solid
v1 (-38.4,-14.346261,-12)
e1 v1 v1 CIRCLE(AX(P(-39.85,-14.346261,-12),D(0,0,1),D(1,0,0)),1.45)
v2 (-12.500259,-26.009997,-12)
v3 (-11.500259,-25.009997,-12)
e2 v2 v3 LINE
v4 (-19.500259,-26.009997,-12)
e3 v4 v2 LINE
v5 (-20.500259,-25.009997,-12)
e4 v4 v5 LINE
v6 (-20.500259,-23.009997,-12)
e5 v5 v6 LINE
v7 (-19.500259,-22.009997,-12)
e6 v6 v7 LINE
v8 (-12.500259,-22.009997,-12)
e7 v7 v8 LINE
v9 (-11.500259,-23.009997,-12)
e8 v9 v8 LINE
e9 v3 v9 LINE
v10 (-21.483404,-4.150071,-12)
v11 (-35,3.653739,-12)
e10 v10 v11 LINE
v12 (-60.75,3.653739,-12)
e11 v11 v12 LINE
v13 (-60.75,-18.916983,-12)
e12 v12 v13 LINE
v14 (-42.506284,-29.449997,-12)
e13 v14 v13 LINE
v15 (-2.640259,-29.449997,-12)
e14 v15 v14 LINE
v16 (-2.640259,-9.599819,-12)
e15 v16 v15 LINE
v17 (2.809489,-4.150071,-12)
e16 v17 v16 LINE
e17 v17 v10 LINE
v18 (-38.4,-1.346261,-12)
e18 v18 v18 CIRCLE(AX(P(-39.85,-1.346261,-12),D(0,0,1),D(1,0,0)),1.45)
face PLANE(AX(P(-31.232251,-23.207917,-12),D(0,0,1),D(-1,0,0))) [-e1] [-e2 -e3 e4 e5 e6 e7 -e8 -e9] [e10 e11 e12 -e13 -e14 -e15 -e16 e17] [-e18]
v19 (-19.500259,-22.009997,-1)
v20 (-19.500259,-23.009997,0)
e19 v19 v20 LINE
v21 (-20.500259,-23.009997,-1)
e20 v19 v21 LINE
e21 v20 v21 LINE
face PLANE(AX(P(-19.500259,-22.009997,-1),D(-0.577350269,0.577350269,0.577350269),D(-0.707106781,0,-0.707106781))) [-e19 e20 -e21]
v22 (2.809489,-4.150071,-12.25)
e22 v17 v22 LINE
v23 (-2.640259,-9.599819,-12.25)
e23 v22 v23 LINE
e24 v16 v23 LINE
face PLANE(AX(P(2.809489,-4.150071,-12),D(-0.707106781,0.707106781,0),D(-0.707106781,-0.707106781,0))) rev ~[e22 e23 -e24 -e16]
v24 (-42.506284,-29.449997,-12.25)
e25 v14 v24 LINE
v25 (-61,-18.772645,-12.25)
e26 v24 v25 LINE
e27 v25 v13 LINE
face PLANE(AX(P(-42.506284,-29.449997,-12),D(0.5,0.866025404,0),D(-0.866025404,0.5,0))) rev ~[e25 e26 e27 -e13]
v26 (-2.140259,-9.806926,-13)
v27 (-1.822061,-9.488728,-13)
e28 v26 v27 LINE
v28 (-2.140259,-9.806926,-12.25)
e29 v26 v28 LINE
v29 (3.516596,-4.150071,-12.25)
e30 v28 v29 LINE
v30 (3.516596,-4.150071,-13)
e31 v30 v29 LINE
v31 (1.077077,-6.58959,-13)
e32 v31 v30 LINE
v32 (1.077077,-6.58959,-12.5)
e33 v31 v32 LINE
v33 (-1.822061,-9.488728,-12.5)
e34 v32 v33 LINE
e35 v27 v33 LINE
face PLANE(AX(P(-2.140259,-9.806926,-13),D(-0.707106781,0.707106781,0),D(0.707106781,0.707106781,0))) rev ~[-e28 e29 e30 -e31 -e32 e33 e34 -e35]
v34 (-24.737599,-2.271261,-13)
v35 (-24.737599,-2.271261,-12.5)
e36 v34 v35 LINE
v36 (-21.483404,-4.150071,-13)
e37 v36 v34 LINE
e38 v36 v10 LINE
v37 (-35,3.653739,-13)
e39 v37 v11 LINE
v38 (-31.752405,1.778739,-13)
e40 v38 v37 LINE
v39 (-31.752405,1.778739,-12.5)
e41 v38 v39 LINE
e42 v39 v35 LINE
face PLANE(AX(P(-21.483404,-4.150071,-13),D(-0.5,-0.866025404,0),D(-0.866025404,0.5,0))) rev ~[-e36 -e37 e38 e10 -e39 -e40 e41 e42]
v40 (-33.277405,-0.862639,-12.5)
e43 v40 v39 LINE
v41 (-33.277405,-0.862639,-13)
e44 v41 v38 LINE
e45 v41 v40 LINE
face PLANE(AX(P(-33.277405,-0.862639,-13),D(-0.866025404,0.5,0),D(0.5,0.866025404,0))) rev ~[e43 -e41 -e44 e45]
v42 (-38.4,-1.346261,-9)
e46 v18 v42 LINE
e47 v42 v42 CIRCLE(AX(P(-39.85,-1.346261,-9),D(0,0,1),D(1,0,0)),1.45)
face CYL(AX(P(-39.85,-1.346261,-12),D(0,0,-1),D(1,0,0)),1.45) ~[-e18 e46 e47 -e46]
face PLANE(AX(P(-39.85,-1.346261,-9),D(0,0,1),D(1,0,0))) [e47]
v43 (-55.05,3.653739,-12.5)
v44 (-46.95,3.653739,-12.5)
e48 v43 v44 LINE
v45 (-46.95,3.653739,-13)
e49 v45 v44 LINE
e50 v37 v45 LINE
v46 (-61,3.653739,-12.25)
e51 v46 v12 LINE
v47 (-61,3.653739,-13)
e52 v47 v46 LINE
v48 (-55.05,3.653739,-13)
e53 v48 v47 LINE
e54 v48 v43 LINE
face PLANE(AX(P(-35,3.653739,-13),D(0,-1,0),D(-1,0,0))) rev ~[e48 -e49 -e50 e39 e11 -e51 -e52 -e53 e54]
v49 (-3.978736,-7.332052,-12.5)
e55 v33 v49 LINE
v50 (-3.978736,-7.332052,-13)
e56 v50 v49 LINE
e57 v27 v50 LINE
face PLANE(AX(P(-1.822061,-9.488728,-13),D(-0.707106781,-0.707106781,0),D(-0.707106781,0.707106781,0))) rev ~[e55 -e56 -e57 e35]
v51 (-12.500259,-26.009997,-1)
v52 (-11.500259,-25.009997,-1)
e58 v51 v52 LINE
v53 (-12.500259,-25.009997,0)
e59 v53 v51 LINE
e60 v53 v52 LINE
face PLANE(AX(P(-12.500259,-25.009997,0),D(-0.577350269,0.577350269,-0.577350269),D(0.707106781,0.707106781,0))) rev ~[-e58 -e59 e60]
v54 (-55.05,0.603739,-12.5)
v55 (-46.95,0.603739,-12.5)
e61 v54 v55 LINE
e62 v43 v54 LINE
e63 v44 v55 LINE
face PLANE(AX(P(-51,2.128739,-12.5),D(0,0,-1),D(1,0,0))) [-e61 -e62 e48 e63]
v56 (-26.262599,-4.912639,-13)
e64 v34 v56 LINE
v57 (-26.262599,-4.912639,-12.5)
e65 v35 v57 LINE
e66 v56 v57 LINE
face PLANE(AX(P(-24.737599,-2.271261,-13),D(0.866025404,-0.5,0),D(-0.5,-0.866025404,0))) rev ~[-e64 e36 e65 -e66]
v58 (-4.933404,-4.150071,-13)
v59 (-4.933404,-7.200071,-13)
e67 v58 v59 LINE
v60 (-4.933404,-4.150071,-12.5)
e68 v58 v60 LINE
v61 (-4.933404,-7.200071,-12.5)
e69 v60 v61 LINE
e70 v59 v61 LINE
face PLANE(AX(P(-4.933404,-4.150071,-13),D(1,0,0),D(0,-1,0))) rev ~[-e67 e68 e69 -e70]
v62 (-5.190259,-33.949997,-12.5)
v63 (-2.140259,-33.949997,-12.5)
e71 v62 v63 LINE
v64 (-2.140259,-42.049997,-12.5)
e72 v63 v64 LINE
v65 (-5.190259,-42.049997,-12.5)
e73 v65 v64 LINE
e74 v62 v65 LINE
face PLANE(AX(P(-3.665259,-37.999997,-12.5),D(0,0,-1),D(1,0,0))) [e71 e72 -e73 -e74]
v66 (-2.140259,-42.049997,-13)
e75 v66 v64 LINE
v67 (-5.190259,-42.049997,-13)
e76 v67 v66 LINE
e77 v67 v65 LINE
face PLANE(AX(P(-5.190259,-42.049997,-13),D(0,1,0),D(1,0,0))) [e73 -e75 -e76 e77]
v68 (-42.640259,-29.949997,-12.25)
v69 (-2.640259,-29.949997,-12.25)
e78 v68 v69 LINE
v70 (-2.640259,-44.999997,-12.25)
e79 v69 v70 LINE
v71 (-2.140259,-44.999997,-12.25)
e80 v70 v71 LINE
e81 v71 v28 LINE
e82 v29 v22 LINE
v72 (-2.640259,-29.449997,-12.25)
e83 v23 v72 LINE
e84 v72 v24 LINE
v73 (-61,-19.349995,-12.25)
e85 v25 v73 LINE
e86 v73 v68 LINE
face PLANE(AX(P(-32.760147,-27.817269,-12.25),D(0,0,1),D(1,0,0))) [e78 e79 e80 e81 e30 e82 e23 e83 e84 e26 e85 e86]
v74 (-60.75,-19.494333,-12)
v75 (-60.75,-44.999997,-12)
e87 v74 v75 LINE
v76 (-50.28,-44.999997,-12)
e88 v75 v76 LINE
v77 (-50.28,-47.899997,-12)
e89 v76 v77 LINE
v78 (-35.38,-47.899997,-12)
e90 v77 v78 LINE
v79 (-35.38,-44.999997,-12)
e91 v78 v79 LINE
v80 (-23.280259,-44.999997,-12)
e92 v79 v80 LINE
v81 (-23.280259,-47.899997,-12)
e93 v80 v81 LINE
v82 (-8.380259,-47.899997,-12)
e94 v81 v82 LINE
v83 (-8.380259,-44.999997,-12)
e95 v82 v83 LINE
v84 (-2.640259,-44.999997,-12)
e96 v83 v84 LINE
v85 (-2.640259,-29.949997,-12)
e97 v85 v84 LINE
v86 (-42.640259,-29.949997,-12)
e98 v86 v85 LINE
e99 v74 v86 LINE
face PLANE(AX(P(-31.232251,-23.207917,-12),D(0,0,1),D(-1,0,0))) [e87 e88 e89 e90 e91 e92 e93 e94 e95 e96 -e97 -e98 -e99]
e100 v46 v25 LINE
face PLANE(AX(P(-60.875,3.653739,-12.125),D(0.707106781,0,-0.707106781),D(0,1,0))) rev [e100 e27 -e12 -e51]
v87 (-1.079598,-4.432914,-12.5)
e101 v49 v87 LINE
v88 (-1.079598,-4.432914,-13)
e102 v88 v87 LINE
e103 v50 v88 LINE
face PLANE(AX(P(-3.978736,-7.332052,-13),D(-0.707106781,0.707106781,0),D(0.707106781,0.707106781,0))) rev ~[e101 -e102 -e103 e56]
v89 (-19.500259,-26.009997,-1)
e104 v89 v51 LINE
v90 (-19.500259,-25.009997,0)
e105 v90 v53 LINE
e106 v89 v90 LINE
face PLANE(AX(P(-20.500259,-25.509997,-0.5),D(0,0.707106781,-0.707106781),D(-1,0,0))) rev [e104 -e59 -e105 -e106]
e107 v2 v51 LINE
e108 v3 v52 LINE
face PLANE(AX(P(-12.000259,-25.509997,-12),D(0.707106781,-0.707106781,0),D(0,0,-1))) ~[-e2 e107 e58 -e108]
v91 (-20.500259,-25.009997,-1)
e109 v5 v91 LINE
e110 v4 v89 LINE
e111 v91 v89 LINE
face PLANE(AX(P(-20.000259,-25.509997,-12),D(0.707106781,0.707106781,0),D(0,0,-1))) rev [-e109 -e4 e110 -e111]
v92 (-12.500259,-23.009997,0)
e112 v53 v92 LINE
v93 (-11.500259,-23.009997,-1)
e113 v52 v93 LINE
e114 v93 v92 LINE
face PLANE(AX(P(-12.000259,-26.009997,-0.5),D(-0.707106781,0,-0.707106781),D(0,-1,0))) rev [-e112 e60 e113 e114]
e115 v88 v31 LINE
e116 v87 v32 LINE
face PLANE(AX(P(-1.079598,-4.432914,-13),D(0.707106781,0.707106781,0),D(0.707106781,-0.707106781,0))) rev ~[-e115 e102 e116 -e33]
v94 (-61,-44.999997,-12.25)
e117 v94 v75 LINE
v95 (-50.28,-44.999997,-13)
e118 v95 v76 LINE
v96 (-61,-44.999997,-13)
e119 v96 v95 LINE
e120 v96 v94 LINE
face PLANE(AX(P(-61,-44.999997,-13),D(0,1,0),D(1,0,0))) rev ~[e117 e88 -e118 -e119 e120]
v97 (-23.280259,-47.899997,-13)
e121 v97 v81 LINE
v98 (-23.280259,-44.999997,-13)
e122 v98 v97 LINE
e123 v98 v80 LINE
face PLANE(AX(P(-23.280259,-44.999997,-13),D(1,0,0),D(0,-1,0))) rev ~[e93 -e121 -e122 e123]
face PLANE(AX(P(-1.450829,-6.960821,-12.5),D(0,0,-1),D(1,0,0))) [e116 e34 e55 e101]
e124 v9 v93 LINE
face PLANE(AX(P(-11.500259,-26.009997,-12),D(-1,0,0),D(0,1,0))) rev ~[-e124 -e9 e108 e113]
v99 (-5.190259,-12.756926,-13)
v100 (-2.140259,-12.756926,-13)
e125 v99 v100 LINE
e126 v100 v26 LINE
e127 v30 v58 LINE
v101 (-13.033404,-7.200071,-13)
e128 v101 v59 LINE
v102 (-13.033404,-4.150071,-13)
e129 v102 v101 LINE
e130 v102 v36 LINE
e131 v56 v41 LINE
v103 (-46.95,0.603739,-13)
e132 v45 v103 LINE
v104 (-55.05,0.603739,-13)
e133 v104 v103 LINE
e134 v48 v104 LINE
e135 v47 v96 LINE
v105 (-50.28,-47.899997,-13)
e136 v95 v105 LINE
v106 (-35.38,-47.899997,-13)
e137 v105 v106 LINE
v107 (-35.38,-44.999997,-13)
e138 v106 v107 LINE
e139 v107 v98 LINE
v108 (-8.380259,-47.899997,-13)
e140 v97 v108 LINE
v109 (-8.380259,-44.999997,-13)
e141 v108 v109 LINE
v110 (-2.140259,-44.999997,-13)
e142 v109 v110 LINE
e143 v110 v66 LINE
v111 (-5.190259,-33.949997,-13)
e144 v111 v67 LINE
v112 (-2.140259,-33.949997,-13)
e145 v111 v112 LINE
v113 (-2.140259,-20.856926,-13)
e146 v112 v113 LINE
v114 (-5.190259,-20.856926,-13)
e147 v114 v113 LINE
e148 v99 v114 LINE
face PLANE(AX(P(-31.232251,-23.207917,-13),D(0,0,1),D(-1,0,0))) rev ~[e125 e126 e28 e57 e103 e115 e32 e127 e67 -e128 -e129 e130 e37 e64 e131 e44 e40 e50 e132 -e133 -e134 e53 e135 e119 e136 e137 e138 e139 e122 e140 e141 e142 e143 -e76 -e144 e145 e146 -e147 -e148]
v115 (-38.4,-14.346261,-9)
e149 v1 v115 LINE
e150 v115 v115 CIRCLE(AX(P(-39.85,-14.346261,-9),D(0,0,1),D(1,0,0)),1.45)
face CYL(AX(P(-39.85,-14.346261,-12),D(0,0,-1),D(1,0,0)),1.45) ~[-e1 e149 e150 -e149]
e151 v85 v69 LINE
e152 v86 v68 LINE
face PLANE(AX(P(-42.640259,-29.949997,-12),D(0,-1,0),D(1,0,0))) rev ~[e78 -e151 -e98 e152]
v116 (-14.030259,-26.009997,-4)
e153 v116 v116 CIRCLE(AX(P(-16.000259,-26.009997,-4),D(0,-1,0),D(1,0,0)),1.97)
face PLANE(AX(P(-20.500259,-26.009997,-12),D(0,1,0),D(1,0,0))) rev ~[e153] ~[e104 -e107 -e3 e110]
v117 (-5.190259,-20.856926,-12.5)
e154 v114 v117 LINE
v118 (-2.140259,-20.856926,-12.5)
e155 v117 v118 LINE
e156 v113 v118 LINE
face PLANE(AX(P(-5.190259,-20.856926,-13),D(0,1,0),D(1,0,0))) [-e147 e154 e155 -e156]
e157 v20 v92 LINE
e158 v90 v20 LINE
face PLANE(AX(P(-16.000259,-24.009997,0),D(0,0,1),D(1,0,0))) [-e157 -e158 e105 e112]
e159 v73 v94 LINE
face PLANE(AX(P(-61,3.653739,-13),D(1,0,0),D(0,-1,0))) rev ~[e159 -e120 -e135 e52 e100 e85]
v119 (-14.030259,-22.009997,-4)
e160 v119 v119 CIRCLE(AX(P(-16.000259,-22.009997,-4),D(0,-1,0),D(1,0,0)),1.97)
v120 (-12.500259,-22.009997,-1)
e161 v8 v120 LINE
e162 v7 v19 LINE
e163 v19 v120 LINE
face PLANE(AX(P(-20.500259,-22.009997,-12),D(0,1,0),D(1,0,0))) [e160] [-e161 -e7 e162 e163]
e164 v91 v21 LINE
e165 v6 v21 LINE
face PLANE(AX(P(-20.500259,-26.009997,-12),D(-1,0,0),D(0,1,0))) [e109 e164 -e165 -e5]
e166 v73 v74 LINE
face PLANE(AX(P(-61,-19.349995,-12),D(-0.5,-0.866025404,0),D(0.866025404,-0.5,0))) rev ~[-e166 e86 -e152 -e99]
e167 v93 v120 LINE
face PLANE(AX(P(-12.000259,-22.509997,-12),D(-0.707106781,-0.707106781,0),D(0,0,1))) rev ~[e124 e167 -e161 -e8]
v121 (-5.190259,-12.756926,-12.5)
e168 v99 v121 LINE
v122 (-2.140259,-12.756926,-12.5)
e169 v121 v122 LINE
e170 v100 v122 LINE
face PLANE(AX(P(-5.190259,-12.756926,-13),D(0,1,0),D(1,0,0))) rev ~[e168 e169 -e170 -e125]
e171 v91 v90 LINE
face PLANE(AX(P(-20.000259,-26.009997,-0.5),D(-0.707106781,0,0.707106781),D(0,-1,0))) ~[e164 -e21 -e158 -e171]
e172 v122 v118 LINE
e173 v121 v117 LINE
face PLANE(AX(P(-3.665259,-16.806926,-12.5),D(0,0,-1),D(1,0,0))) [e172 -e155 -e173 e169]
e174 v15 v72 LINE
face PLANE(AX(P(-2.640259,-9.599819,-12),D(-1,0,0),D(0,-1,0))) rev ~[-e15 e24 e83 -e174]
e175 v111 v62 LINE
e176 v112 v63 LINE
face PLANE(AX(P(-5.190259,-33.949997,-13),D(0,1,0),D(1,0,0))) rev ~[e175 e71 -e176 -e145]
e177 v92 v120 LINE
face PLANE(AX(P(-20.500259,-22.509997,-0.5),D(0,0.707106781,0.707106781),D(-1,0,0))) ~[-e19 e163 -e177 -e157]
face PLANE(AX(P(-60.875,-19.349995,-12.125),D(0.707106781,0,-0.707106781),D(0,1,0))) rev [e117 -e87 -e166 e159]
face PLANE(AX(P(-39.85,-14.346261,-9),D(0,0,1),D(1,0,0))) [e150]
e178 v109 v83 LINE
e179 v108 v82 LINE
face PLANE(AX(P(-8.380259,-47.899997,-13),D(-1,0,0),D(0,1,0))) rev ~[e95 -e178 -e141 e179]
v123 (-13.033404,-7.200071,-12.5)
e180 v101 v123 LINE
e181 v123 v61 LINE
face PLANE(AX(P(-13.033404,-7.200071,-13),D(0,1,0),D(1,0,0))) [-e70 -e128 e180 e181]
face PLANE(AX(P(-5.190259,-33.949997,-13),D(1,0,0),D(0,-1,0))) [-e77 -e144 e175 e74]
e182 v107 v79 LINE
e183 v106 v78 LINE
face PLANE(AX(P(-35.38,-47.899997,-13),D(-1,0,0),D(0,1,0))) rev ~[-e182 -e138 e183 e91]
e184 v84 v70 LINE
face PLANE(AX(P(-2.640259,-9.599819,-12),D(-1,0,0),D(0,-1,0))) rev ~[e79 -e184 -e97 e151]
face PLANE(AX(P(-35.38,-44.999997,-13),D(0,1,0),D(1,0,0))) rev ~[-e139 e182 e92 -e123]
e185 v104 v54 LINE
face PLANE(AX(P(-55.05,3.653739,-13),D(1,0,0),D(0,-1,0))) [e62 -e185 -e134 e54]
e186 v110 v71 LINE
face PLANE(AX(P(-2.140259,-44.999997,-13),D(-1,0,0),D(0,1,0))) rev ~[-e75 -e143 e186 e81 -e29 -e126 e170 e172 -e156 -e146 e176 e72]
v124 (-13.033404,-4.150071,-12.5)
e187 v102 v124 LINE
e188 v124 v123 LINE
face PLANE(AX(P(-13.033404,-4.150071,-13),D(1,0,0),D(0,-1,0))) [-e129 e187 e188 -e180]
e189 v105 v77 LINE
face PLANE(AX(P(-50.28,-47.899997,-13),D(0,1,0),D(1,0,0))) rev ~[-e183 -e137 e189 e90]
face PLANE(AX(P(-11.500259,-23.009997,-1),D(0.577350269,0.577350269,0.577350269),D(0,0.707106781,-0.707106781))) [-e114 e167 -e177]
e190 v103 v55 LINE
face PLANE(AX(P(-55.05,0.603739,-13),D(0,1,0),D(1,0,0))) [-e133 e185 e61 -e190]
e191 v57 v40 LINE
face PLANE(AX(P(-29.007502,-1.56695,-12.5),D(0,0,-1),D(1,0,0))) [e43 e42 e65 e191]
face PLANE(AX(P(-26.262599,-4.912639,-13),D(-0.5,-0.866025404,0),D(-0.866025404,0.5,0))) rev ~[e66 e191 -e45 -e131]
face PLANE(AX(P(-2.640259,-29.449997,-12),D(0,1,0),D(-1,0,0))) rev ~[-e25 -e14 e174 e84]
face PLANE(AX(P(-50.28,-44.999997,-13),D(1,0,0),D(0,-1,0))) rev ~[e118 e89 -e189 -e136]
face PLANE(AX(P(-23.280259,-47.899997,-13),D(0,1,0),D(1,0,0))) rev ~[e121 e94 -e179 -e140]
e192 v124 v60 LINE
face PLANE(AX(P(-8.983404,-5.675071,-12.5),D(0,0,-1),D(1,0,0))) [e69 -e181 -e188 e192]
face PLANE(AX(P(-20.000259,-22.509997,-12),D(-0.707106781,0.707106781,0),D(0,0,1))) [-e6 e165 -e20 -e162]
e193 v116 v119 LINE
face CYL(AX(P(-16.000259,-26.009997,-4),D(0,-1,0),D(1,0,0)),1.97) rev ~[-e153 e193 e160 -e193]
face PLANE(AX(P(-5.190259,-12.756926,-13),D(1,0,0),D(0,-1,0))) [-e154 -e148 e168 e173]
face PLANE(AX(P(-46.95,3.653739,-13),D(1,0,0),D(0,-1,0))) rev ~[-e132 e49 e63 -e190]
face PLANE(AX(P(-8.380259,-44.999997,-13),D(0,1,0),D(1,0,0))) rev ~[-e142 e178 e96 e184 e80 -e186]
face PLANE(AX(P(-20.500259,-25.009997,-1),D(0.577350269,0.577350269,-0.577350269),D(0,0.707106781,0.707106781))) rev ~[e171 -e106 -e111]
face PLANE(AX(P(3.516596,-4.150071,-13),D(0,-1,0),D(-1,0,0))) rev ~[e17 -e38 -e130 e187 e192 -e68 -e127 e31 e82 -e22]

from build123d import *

# Parameters (mm, degrees)
PAD037_DEPTH    = 1
SKETCH062_W     = 8.1
SKETCH062_H     = 3.05
SKETCH062_W_2   = 3.05
SKETCH062_H_2   = 8.1
POCKET025_DEPTH = 0.5
POCKET026_DEPTH = 0.25
POCKET027_DEPTH = 0.25
CHAMFER010_SIZE = 0.25
SKETCH065_W     = 9
SKETCH065_H     = 4
PAD038_DEPTH    = 12
SKETCH066_R     = 1.97
POCKET028_DEPTH = 29.6647358036
SKETCH067_R     = 1.45
PAD039_DEPTH    = 3
CHAMFER011_SIZE = 1


with BuildPart() as part:
    # Sketch061 (on Face2 of Binder016) → Pad037 (new body)
    with BuildSketch(Plane(origin=(0, 0, -13), x_dir=(1, 0, 0), z_dir=(0, 0, -1))):
        Polygon((-61, -3.6537388036), (-61, 44.999997), (-50.28, 44.999997), (-50.28, 47.899997), (-35.38, 47.899997), (-35.38, 44.999997), (-23.28025859, 44.999997), (-23.28025859, 47.899997), (-8.38025859, 47.899997), (-8.38025859, 44.999997), (-2.14025859, 44.999997), (-2.14025859, 9.80692559), (3.5165956595, 4.1500713405), (-21.4834043405, 4.1500713405), (-35, -3.6537388036), align=None)
    extrude(amount=-PAD037_DEPTH)

    # Sketch062 (on Face16 of Pad037) → Pocket025 (cut)
    with BuildSketch(Plane(origin=(0, 0, -13), x_dir=(1, 0, 0), z_dir=(0, 0, -1))):
        with Locations((-51, -2.1287388036)):
            Rectangle(SKETCH062_W, SKETCH062_H)
        with Locations((-8.9834043405, 5.6750713405)):
            Rectangle(SKETCH062_W, SKETCH062_H)
        with Locations((-3.66525859, 16.80692559)):
            Rectangle(SKETCH062_W_2, SKETCH062_H_2)
        with Locations((-3.66525859, 37.999997)):
            Rectangle(SKETCH062_W_2, SKETCH062_H_2)
        Polygon((1.0770772644, 6.5895897356), (-1.8220605384, 9.4887275384), (-3.9787362211, 7.3320518558), (-1.0795984182, 4.432914053), align=None)
        Polygon((-31.752404736, -1.7787388033), (-24.7375989657, 2.2712611973), (-26.2625989659, 4.9126386787), (-33.2774047362, 0.8626386781), align=None)
    extrude(amount=-POCKET025_DEPTH, mode=Mode.SUBTRACT)

    # Sketch063 (on Face5 of Pocket025) → Pocket026 (cut)
    with BuildSketch(Plane.XY.offset(-12)):
        Polygon((-2.14025859, -44.999997), (-2.14025859, -9.80692559), (3.5165956595, -4.1500713405), (2.8094888783, -4.1500713405), (-2.64025859, -9.5998188088), (-2.64025859, -44.999997), align=None)
    extrude(amount=-POCKET026_DEPTH, mode=Mode.SUBTRACT)

    # Sketch064 (on Face5 of Pocket026) → Pocket027 (cut)
    with BuildSketch(Plane.XY.offset(-12)):
        Polygon((-2.64025859, -29.449997), (-42.5062839938, -29.449997), (-61, -18.7726450855), (-61, -19.3499953547), (-42.64025859, -29.949997), (-2.64025859, -29.949997), align=None)
    extrude(amount=-POCKET027_DEPTH, mode=Mode.SUBTRACT)

    # Chamfer010
    chamfer010_edges = [part.edges().sort_by_distance(p)[0] for p in [
        (-61, -32.174996, -12),
        (-61, -7.559453, -12),
    ]]
    chamfer(chamfer010_edges, length=CHAMFER010_SIZE)

    # Sketch065 (on Face46 of Chamfer010) → Pad038 (join)
    with BuildSketch(Plane.XY.offset(-12)):
        with Locations((-16.00025859, -24.009997)):
            Rectangle(SKETCH065_W, SKETCH065_H)
    extrude(amount=PAD038_DEPTH)

    # Sketch066 (on Face54 of Pad038) → Pocket028 (cut, through all)
    with BuildSketch(Plane.XZ.offset(26.009997)):
        with Locations((-16.00025859, -4)):
            Circle(SKETCH066_R)
    extrude(amount=-POCKET028_DEPTH, mode=Mode.SUBTRACT)

    # Sketch067 (on Face46 of Pocket028) → Pad039 (join)
    with BuildSketch(Plane.XY.offset(-12)):
        with Locations((-39.85, -1.3462611964)):
            Circle(SKETCH067_R)
        with Locations((-39.85, -14.3462611964)):
            Circle(SKETCH067_R)
    extrude(amount=PAD039_DEPTH)

    # Chamfer011
    chamfer011_edges = [part.edges().sort_by_distance(p)[0] for p in [
        (-11.500259, -26.009997, -6),
        (-16.000259, -26.009997, 0),
        (-20.500259, -26.009997, -6),
        (-20.500259, -24.009997, 0),
        (-16.000259, -22.009997, 0),
        (-11.500259, -24.009997, 0),
        (-11.500259, -22.009997, -6),
        (-20.500259, -22.009997, -6),
    ]]
    chamfer(chamfer011_edges, length=CHAMFER011_SIZE)


solid = part.part
